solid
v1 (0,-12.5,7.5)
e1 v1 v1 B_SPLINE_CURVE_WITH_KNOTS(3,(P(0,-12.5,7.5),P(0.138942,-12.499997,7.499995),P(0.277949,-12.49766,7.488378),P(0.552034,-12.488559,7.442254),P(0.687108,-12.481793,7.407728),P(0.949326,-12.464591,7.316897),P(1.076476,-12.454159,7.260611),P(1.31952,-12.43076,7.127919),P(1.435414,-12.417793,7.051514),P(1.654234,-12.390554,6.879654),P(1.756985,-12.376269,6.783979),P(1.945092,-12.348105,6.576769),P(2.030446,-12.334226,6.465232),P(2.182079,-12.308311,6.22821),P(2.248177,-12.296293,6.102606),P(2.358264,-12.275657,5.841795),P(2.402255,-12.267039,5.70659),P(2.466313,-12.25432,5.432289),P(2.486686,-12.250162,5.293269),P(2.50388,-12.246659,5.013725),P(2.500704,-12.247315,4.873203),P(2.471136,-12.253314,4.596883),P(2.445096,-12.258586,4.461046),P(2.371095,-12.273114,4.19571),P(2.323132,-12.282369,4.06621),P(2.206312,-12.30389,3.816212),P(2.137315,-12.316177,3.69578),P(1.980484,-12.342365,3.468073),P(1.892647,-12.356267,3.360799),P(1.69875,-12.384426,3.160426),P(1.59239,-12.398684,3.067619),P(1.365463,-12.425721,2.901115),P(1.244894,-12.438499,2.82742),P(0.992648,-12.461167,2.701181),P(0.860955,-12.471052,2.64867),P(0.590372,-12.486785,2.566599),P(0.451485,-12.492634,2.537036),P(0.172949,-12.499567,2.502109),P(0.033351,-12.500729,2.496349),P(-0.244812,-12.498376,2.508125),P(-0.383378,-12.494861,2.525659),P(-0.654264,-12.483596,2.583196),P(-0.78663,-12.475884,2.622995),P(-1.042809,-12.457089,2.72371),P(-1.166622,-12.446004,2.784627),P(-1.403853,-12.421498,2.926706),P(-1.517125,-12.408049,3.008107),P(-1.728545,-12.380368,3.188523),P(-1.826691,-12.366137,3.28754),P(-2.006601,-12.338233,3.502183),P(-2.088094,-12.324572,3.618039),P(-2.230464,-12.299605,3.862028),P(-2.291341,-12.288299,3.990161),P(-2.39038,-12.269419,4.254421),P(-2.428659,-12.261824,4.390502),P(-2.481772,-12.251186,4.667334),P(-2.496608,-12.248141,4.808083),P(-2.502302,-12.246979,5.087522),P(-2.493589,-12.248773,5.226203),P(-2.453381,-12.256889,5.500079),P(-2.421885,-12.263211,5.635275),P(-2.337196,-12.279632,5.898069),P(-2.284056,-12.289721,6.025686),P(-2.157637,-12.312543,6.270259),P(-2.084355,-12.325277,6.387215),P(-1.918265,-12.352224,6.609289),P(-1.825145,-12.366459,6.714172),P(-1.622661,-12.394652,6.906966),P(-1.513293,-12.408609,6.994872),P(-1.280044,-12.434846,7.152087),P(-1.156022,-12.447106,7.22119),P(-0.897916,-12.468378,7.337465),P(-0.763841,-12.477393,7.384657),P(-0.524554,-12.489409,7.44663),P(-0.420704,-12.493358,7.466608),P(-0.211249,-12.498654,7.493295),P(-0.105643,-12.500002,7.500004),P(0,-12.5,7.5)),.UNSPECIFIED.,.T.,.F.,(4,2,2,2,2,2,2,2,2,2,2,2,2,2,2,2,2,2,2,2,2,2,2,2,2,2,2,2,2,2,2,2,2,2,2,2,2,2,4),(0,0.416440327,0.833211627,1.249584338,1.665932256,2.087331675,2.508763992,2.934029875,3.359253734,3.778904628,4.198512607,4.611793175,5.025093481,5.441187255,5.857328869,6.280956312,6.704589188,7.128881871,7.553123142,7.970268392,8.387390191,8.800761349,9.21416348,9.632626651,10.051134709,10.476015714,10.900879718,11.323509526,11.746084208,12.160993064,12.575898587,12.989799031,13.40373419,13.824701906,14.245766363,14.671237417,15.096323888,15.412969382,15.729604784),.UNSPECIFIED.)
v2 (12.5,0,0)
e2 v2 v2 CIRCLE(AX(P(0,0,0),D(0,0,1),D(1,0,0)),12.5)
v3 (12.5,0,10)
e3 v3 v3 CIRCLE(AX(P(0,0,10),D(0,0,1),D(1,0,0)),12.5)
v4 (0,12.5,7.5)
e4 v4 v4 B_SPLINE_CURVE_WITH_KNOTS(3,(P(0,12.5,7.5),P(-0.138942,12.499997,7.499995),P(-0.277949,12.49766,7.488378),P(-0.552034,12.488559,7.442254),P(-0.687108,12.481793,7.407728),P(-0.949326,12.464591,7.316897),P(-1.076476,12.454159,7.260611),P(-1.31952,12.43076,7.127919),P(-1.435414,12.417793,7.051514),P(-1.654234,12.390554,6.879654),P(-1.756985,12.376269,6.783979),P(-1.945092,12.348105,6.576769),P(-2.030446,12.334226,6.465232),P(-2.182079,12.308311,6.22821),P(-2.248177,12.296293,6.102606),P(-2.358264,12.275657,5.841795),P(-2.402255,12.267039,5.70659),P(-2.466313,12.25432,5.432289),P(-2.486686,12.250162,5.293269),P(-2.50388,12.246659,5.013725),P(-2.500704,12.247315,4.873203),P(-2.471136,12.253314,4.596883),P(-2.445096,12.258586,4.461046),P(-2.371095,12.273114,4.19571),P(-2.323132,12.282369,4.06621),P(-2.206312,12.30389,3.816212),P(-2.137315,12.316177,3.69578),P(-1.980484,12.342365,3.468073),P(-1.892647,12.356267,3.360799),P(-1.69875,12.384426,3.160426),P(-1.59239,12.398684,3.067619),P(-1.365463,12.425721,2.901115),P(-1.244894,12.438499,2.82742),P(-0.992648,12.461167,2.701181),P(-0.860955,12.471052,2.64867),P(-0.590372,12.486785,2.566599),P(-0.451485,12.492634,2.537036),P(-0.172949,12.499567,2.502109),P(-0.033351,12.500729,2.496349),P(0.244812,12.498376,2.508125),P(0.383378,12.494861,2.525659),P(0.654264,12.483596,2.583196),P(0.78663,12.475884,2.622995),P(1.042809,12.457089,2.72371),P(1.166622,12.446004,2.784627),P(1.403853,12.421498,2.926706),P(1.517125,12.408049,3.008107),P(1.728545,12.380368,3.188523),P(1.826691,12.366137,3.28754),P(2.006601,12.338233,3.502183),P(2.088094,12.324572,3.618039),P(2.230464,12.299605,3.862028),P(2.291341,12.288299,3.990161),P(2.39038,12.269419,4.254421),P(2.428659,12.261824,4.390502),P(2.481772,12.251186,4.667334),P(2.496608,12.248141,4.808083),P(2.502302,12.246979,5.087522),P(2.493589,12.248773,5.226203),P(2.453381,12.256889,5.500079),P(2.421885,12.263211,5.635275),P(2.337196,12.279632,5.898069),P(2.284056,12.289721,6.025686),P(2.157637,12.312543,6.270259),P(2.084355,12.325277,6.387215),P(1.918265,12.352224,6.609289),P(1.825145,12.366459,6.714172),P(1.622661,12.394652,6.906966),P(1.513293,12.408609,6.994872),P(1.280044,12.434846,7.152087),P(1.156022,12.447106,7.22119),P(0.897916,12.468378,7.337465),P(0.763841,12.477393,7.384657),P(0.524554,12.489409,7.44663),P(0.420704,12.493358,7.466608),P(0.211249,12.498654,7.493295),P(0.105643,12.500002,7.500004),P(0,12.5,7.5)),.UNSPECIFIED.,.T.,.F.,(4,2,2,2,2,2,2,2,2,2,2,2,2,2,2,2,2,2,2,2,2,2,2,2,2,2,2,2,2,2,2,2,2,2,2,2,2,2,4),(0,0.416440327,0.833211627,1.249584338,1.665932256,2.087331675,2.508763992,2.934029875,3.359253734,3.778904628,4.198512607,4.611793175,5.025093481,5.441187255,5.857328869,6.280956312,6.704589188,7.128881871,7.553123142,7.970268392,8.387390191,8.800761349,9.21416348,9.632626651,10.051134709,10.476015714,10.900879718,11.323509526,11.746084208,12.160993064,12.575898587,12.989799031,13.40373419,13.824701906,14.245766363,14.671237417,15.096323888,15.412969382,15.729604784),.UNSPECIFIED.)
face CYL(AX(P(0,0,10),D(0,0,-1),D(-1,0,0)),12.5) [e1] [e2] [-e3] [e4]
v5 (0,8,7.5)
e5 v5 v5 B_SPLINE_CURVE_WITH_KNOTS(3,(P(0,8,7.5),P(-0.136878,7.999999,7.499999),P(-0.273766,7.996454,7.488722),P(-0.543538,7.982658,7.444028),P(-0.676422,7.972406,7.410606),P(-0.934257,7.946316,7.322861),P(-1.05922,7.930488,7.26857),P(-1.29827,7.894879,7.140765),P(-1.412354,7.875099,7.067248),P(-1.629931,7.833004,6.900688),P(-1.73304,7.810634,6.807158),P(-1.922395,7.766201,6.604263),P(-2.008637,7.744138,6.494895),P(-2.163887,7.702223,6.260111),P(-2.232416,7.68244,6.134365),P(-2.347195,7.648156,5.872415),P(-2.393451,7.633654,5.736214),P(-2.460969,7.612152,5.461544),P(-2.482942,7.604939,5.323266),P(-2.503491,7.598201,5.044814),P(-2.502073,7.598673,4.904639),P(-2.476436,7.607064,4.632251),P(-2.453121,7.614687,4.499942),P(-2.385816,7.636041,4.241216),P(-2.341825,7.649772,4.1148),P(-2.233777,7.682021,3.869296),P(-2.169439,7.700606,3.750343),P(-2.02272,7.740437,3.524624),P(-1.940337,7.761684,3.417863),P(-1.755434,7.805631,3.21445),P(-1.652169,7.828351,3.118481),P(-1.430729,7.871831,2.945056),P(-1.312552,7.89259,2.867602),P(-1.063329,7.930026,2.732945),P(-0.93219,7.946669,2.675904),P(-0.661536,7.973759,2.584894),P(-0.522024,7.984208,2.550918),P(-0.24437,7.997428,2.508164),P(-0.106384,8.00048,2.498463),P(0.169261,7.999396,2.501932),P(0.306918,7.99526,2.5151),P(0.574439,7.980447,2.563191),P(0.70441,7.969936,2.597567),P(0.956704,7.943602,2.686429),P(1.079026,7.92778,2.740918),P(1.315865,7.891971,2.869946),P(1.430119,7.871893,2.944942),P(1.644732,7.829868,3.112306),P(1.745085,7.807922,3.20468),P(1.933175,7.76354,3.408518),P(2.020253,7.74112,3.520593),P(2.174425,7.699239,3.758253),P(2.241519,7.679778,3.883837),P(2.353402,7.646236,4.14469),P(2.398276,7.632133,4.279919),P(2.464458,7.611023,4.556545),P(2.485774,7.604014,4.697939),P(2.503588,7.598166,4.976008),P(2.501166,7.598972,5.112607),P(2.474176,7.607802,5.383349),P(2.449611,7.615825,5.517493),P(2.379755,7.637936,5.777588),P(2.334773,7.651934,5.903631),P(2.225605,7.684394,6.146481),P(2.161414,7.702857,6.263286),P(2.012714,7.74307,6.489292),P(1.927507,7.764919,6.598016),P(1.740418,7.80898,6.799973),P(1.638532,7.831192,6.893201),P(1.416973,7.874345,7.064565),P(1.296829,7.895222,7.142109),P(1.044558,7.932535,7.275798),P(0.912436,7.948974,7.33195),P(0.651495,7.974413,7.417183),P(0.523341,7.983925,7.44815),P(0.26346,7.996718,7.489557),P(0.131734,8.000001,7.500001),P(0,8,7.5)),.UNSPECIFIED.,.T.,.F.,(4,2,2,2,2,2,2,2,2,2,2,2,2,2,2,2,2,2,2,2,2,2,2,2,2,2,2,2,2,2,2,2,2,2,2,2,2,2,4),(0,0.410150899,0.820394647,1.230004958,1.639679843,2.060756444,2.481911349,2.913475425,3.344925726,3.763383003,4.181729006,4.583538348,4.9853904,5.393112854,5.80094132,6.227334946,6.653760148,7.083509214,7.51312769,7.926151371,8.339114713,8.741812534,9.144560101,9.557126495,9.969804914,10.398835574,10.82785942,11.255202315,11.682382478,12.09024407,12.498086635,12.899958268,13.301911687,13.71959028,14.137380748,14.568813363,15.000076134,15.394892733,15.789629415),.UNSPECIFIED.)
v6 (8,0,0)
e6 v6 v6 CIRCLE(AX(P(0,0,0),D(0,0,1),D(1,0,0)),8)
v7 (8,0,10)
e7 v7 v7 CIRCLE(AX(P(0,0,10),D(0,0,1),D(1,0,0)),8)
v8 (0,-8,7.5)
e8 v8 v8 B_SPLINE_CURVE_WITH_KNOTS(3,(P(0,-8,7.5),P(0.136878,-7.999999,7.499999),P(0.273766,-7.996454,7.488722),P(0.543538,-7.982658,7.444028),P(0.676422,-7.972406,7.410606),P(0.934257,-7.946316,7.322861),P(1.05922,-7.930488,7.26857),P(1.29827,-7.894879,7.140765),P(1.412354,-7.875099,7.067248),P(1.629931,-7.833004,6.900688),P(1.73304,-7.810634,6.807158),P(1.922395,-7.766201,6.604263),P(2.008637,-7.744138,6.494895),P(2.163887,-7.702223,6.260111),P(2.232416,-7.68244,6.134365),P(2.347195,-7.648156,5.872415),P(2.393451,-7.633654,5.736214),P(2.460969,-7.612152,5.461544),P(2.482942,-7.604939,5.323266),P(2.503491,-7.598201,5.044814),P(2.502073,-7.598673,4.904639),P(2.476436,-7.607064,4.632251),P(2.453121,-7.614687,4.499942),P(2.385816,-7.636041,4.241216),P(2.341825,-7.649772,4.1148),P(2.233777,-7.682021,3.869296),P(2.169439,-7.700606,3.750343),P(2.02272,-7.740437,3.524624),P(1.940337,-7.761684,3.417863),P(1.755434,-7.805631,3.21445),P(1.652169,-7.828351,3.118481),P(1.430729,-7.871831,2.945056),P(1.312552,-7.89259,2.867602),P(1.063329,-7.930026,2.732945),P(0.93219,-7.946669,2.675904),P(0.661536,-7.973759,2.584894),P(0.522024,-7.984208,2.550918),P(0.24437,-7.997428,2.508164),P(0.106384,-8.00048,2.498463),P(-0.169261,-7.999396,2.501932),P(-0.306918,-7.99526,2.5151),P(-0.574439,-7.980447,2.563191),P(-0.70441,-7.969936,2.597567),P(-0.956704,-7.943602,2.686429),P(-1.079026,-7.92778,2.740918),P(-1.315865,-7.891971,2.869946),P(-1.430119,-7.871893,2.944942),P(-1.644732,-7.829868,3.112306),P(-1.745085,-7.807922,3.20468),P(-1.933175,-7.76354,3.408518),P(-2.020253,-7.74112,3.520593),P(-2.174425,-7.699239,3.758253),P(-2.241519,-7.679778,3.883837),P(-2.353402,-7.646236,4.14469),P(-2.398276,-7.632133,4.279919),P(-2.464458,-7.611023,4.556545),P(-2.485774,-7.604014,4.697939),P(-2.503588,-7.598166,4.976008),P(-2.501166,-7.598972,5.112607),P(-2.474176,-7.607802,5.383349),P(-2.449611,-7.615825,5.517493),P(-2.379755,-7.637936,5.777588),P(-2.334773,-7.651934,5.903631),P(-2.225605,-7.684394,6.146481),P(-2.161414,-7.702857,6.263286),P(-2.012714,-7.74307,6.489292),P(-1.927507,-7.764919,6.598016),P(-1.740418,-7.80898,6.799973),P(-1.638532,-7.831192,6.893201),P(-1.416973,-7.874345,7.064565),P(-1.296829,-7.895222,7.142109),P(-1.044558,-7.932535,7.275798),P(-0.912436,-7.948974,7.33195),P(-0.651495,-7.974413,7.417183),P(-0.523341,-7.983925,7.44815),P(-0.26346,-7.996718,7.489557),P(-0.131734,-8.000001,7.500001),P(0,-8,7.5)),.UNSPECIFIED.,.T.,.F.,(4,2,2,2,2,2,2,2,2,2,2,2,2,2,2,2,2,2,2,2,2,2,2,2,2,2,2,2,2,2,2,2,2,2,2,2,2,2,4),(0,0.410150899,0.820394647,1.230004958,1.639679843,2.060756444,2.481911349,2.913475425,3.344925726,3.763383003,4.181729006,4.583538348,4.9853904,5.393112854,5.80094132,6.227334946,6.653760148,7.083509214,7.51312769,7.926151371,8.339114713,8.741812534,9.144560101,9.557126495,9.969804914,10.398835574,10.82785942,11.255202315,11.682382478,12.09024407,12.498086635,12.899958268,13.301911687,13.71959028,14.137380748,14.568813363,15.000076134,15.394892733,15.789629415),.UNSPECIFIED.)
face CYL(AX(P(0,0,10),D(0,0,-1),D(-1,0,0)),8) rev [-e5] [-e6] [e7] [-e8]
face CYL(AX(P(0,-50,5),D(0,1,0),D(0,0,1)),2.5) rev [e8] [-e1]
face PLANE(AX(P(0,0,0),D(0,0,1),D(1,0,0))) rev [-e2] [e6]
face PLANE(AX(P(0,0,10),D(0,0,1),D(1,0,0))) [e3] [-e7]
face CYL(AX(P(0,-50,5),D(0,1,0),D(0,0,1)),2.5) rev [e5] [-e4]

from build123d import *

# Parameters (mm, degrees)
SKETCH1_R           = 12.5
SKETCH1_R_2         = 8
BOSS_EXTRUDE1_DEPTH = 10
SKETCH2_R           = 2.5
CUT_EXTRUDE1_DEPTH  = 50


with BuildPart() as part:
    # Sketch1 → Boss-Extrude1 (new body)
    with BuildSketch(Plane.XY):
        Circle(SKETCH1_R)
        Circle(SKETCH1_R_2, mode=Mode.SUBTRACT)
    extrude(amount=BOSS_EXTRUDE1_DEPTH)

    # Sketch2 → Cut-Extrude1 (cut, symmetric)
    with BuildSketch(Plane(origin=(0, 0, 0), x_dir=(1, 0, 0), z_dir=(0, 1, 0))):
        with Locations(Location((0, -5, 0), (0, 0, 270))):
            Circle(SKETCH2_R)
    extrude(amount=CUT_EXTRUDE1_DEPTH, both=True, mode=Mode.SUBTRACT)


solid = part.part
